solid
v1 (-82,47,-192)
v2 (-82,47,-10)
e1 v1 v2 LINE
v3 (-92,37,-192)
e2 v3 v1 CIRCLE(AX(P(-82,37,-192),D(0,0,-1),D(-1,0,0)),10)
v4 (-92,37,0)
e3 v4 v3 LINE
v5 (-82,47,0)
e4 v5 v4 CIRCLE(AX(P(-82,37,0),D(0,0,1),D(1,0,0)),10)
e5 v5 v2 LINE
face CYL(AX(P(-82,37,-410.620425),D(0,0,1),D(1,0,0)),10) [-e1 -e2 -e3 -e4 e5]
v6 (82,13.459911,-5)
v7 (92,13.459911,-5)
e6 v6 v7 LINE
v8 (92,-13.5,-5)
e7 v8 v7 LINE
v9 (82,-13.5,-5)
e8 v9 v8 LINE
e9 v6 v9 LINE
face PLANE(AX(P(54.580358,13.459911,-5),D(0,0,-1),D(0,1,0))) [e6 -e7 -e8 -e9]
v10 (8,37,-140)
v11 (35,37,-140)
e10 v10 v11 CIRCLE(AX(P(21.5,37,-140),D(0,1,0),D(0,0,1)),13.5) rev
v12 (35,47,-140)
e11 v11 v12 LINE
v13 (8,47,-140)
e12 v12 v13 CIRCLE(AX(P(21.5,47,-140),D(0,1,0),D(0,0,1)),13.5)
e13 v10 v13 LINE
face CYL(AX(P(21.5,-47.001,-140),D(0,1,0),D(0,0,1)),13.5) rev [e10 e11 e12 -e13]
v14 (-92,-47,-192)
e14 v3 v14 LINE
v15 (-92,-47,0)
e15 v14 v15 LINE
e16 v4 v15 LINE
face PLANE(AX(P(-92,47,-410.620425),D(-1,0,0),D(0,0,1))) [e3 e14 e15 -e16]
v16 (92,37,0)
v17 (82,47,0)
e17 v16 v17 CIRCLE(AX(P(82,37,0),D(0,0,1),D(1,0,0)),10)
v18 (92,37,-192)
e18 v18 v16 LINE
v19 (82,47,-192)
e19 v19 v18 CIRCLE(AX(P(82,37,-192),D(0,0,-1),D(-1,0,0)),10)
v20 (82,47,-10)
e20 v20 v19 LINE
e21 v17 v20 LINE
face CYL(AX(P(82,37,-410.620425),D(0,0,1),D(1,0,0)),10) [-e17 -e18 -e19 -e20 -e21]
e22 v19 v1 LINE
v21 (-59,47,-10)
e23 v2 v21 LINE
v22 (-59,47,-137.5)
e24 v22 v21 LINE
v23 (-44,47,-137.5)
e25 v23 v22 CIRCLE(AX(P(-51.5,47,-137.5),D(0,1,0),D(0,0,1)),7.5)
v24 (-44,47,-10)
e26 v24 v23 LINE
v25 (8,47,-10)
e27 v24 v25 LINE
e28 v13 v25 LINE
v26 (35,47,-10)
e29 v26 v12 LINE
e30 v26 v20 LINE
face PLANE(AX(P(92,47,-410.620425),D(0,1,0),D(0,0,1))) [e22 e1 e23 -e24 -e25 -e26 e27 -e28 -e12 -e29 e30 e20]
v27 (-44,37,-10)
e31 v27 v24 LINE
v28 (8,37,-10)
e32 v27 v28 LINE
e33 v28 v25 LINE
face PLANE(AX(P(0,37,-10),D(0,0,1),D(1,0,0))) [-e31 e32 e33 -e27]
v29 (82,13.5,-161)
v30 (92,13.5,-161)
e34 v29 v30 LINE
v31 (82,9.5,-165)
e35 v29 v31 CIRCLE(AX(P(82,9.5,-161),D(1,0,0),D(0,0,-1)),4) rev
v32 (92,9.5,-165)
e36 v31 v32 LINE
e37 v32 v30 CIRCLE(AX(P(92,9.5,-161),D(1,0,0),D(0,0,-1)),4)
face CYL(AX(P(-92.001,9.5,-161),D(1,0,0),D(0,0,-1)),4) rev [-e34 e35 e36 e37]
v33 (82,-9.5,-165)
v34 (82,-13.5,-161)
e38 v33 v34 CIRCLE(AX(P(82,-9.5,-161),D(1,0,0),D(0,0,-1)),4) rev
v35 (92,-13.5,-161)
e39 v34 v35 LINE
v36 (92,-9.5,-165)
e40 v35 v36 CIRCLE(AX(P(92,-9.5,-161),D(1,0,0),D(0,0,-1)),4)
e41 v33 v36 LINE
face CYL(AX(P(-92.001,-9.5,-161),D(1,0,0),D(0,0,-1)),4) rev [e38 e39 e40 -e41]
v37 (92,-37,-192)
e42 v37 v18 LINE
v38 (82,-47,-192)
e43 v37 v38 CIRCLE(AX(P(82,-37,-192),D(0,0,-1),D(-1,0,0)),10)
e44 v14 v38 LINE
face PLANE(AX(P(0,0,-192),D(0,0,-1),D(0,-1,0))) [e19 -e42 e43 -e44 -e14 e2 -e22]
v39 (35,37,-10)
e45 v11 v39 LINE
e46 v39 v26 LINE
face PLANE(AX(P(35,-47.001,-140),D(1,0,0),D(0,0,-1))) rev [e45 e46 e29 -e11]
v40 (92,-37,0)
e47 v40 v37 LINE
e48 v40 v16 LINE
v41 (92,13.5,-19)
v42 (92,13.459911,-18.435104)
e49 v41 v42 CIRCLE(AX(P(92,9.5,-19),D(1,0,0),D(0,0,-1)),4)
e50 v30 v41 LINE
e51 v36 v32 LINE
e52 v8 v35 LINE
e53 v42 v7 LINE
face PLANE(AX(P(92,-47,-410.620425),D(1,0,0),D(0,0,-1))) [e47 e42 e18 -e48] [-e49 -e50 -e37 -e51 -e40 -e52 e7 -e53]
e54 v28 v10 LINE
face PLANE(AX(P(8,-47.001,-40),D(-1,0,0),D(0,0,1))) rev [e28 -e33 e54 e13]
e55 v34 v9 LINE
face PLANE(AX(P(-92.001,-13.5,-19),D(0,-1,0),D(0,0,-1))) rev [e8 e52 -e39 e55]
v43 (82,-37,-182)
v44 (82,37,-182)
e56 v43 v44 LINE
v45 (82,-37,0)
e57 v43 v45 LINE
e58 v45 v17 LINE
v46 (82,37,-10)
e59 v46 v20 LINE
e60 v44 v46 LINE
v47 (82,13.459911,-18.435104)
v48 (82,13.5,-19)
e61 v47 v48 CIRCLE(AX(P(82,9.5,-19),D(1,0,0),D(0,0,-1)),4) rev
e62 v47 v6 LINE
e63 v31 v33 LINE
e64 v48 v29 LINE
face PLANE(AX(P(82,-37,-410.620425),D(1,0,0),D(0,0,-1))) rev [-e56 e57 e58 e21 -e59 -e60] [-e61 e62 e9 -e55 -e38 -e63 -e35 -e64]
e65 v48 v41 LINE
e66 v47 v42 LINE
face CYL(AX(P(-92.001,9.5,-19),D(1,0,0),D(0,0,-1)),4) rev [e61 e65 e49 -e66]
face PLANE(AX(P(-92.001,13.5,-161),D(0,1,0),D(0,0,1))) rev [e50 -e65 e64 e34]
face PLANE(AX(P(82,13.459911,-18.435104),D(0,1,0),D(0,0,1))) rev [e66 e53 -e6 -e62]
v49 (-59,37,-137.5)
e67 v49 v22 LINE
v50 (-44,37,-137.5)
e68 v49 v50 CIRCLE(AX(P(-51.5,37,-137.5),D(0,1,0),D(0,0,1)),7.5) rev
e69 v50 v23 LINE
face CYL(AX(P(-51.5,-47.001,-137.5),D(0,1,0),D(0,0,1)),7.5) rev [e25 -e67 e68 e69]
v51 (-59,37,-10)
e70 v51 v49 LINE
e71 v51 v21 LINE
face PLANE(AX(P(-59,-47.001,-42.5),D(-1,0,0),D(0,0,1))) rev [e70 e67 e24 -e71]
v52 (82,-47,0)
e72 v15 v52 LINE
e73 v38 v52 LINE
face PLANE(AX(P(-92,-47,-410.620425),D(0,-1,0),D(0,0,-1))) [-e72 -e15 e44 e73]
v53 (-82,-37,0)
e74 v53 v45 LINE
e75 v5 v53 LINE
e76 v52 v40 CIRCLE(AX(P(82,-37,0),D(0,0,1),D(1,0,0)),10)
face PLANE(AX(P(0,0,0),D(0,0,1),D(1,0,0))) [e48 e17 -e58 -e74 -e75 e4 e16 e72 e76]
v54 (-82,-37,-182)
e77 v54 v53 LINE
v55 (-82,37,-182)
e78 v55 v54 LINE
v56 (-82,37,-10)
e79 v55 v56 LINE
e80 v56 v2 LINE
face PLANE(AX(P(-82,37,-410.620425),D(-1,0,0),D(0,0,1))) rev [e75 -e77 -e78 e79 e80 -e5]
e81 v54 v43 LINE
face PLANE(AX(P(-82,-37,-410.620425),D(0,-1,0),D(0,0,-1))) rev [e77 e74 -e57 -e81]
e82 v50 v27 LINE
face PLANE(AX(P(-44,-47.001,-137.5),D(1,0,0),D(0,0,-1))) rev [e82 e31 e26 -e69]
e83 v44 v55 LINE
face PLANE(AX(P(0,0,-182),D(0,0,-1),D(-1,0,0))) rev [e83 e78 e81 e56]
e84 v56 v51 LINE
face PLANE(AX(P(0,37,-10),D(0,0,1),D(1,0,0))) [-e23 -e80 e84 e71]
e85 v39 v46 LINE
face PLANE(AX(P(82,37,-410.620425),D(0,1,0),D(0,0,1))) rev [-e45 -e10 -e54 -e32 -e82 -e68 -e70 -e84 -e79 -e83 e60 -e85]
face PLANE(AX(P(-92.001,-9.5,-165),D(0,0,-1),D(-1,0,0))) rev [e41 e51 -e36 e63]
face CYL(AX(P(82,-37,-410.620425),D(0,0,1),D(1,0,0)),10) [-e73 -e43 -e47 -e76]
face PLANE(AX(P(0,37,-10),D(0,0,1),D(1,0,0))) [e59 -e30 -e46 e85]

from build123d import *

# Parameters (mm, degrees)
SKETCH_1_W          = 184
SKETCH_1_H          = 94
SKETCH_1_W_2        = 164
SKETCH_1_H_2        = 74
EXTRUDE_1_DEPTH     = 192
SKETCH_2_W          = 184
SKETCH_2_H          = 94
EXTRUDE_2_DEPTH     = 10
CUT_EXTRUDE_1_REACH = 234.732
CUT_EXTRUDE_2_REACH = 272.054
CUT_EXTRUDE_3_DEPTH = 10
CUT_EXTRUDE_4_DEPTH = 10
SKETCH_8_W          = 5
SKETCH_8_H          = 26.959910705
EXTRUDE_4_DEPTH     = 10
SKETCH_9_W          = 52
SKETCH_9_H          = 10
SKETCH_9_W_2        = 23
SKETCH_9_W_3        = 47
CUT_EXTRUDE_5_DEPTH = 10
FILLET_1_R          = 10


with BuildPart() as part:
    # 草图1 → 凸台-拉伸1 (new body)
    with BuildSketch(Plane.XY):
        Rectangle(SKETCH_1_W, SKETCH_1_H)
        Rectangle(SKETCH_1_W_2, SKETCH_1_H_2, mode=Mode.SUBTRACT)
    extrude(amount=-EXTRUDE_1_DEPTH)

    # 草图2 → 凸台-拉伸2 (add)
    with BuildSketch(Plane(origin=(0, 0, -192), x_dir=(-1, 0, 0), z_dir=(0, 0, -1))):
        Rectangle(SKETCH_2_W, SKETCH_2_H)
    extrude(amount=-EXTRUDE_2_DEPTH)

    # 草图3 → 切除-拉伸1 (cut, up to next)
    with BuildSketch(Plane(origin=(0, 47, 0), x_dir=(1, 0, 0), z_dir=(0, 1, 0)), mode=Mode.PRIVATE) as cut_extrude_1_sk1:
        with BuildLine():
            Line((35, 140), (35, 40))
            ThreePointArc((35, 40), (21.5, 26.5), (8, 40))
            Line((8, 40), (8, 140))
            ThreePointArc((8, 140), (21.5, 153.5), (35, 140))
        make_face()
    cut_extrude_1_tool1 = extrude(cut_extrude_1_sk1.sketch, amount=-CUT_EXTRUDE_1_REACH, mode=Mode.PRIVATE) & part.part
    # 草图3 → 切除-拉伸1 (cut, up to next)
    with BuildSketch(Plane(origin=(0, 47, 0), x_dir=(1, 0, 0), z_dir=(0, 1, 0)), mode=Mode.PRIVATE) as cut_extrude_1_sk2:
        with BuildLine():
            Line((-59, 42.5), (-59, 137.5))
            ThreePointArc((-59, 137.5), (-51.5, 145), (-44, 137.5))
            Line((-44, 137.5), (-44, 42.5))
            ThreePointArc((-44, 42.5), (-51.5, 35), (-59, 42.5))
        make_face()
    cut_extrude_1_tool2 = extrude(cut_extrude_1_sk2.sketch, amount=-CUT_EXTRUDE_1_REACH, mode=Mode.PRIVATE) & part.part
    add(cut_extrude_1_tool1.solids().sort_by_distance((21.5, 47, -90))[0], mode=Mode.SUBTRACT)
    add(cut_extrude_1_tool2.solids().sort_by_distance((-51.5, 47, -90))[0], mode=Mode.SUBTRACT)

    # 草图4 → 切除-拉伸2 (cut, up to next)
    with BuildSketch(Plane(origin=(92, 0, 0), x_dir=(0, 0, -1), z_dir=(1, 0, 0)), mode=Mode.PRIVATE) as cut_extrude_2_sk1:
        with BuildLine():
            Line((15, 9.5), (15, -9.5))
            ThreePointArc((15, -9.5), (16.171572875, -12.328427125), (19, -13.5))
            Line((19, -13.5), (161, -13.5))
            ThreePointArc((161, -13.5), (163.828427125, -12.328427125), (165, -9.5))
            Line((165, -9.5), (165, 9.5))
            ThreePointArc((165, 9.5), (163.828427125, 12.328427125), (161, 13.5))
            Line((161, 13.5), (19, 13.5))
            ThreePointArc((19, 13.5), (16.171572875, 12.328427125), (15, 9.5))
        make_face()
    cut_extrude_2_tool1 = extrude(cut_extrude_2_sk1.sketch, amount=-CUT_EXTRUDE_2_REACH, mode=Mode.PRIVATE) & part.part
    add(cut_extrude_2_tool1.solids().sort_by_distance((92, 0, -90))[0], mode=Mode.SUBTRACT)

    # 草图5 → 切除-拉伸3 (cut)
    with BuildSketch(Plane(origin=(0, 47, 0), x_dir=(1, 0, 0), z_dir=(0, 1, 0))):
        with BuildLine():
            ThreePointArc((35, 40), (21.5, 26.5), (8, 40))
            Line((8, 40), (8, 0))
            Line((8, 0), (35, 0))
            Line((35, 0), (35, 40))
        make_face()
        with BuildLine():
            Line((-59, 0), (-44, 0))
            Line((-44, 0), (-44, 42.5))
            ThreePointArc((-44, 42.5), (-51.5, 35), (-59, 42.5))
            Line((-59, 42.5), (-59, 0))
        make_face()
    extrude(amount=-CUT_EXTRUDE_3_DEPTH, mode=Mode.SUBTRACT)

    # 草图7 → 切除-拉伸4 (cut)
    with BuildSketch(Plane(origin=(92, 0, 0), x_dir=(0, 0, -1), z_dir=(1, 0, 0))):
        Polygon((18.435104252, 13.459910705), (-12.830882311, 13.459910705), (-16.882855926, -13.5), (19, -13.5), align=None)
    extrude(amount=-CUT_EXTRUDE_4_DEPTH, mode=Mode.SUBTRACT)

    # 草图8 → 凸台-拉伸4 (add)
    with BuildSketch(Plane(origin=(92, 0, 0), x_dir=(0, 0, -1), z_dir=(1, 0, 0))):
        with Locations((2.5, -0.020044647)):
            Rectangle(SKETCH_8_W, SKETCH_8_H)
    extrude(amount=-EXTRUDE_4_DEPTH)

    # 草图9 → 切除-拉伸5 (cut)
    with BuildSketch(Plane(origin=(0, 47, 0), x_dir=(1, 0, 0), z_dir=(0, 1, 0))):
        with Locations((-18, 5)):
            Rectangle(SKETCH_9_W, SKETCH_9_H)
        with Locations((-70.5, 5)):
            Rectangle(SKETCH_9_W_2, SKETCH_9_H)
        with Locations((58.5, 5)):
            Rectangle(SKETCH_9_W_3, SKETCH_9_H)
    extrude(amount=-CUT_EXTRUDE_5_DEPTH, mode=Mode.SUBTRACT)

    # 圆角1
    fillet_1_edges = [part.edges().sort_by_distance(p)[0] for p in [
        (-92, 47, -96),
        (92, 47, -96),
        (92, -47, -96),
    ]]
    fillet(fillet_1_edges, radius=FILLET_1_R)


solid = part.part
